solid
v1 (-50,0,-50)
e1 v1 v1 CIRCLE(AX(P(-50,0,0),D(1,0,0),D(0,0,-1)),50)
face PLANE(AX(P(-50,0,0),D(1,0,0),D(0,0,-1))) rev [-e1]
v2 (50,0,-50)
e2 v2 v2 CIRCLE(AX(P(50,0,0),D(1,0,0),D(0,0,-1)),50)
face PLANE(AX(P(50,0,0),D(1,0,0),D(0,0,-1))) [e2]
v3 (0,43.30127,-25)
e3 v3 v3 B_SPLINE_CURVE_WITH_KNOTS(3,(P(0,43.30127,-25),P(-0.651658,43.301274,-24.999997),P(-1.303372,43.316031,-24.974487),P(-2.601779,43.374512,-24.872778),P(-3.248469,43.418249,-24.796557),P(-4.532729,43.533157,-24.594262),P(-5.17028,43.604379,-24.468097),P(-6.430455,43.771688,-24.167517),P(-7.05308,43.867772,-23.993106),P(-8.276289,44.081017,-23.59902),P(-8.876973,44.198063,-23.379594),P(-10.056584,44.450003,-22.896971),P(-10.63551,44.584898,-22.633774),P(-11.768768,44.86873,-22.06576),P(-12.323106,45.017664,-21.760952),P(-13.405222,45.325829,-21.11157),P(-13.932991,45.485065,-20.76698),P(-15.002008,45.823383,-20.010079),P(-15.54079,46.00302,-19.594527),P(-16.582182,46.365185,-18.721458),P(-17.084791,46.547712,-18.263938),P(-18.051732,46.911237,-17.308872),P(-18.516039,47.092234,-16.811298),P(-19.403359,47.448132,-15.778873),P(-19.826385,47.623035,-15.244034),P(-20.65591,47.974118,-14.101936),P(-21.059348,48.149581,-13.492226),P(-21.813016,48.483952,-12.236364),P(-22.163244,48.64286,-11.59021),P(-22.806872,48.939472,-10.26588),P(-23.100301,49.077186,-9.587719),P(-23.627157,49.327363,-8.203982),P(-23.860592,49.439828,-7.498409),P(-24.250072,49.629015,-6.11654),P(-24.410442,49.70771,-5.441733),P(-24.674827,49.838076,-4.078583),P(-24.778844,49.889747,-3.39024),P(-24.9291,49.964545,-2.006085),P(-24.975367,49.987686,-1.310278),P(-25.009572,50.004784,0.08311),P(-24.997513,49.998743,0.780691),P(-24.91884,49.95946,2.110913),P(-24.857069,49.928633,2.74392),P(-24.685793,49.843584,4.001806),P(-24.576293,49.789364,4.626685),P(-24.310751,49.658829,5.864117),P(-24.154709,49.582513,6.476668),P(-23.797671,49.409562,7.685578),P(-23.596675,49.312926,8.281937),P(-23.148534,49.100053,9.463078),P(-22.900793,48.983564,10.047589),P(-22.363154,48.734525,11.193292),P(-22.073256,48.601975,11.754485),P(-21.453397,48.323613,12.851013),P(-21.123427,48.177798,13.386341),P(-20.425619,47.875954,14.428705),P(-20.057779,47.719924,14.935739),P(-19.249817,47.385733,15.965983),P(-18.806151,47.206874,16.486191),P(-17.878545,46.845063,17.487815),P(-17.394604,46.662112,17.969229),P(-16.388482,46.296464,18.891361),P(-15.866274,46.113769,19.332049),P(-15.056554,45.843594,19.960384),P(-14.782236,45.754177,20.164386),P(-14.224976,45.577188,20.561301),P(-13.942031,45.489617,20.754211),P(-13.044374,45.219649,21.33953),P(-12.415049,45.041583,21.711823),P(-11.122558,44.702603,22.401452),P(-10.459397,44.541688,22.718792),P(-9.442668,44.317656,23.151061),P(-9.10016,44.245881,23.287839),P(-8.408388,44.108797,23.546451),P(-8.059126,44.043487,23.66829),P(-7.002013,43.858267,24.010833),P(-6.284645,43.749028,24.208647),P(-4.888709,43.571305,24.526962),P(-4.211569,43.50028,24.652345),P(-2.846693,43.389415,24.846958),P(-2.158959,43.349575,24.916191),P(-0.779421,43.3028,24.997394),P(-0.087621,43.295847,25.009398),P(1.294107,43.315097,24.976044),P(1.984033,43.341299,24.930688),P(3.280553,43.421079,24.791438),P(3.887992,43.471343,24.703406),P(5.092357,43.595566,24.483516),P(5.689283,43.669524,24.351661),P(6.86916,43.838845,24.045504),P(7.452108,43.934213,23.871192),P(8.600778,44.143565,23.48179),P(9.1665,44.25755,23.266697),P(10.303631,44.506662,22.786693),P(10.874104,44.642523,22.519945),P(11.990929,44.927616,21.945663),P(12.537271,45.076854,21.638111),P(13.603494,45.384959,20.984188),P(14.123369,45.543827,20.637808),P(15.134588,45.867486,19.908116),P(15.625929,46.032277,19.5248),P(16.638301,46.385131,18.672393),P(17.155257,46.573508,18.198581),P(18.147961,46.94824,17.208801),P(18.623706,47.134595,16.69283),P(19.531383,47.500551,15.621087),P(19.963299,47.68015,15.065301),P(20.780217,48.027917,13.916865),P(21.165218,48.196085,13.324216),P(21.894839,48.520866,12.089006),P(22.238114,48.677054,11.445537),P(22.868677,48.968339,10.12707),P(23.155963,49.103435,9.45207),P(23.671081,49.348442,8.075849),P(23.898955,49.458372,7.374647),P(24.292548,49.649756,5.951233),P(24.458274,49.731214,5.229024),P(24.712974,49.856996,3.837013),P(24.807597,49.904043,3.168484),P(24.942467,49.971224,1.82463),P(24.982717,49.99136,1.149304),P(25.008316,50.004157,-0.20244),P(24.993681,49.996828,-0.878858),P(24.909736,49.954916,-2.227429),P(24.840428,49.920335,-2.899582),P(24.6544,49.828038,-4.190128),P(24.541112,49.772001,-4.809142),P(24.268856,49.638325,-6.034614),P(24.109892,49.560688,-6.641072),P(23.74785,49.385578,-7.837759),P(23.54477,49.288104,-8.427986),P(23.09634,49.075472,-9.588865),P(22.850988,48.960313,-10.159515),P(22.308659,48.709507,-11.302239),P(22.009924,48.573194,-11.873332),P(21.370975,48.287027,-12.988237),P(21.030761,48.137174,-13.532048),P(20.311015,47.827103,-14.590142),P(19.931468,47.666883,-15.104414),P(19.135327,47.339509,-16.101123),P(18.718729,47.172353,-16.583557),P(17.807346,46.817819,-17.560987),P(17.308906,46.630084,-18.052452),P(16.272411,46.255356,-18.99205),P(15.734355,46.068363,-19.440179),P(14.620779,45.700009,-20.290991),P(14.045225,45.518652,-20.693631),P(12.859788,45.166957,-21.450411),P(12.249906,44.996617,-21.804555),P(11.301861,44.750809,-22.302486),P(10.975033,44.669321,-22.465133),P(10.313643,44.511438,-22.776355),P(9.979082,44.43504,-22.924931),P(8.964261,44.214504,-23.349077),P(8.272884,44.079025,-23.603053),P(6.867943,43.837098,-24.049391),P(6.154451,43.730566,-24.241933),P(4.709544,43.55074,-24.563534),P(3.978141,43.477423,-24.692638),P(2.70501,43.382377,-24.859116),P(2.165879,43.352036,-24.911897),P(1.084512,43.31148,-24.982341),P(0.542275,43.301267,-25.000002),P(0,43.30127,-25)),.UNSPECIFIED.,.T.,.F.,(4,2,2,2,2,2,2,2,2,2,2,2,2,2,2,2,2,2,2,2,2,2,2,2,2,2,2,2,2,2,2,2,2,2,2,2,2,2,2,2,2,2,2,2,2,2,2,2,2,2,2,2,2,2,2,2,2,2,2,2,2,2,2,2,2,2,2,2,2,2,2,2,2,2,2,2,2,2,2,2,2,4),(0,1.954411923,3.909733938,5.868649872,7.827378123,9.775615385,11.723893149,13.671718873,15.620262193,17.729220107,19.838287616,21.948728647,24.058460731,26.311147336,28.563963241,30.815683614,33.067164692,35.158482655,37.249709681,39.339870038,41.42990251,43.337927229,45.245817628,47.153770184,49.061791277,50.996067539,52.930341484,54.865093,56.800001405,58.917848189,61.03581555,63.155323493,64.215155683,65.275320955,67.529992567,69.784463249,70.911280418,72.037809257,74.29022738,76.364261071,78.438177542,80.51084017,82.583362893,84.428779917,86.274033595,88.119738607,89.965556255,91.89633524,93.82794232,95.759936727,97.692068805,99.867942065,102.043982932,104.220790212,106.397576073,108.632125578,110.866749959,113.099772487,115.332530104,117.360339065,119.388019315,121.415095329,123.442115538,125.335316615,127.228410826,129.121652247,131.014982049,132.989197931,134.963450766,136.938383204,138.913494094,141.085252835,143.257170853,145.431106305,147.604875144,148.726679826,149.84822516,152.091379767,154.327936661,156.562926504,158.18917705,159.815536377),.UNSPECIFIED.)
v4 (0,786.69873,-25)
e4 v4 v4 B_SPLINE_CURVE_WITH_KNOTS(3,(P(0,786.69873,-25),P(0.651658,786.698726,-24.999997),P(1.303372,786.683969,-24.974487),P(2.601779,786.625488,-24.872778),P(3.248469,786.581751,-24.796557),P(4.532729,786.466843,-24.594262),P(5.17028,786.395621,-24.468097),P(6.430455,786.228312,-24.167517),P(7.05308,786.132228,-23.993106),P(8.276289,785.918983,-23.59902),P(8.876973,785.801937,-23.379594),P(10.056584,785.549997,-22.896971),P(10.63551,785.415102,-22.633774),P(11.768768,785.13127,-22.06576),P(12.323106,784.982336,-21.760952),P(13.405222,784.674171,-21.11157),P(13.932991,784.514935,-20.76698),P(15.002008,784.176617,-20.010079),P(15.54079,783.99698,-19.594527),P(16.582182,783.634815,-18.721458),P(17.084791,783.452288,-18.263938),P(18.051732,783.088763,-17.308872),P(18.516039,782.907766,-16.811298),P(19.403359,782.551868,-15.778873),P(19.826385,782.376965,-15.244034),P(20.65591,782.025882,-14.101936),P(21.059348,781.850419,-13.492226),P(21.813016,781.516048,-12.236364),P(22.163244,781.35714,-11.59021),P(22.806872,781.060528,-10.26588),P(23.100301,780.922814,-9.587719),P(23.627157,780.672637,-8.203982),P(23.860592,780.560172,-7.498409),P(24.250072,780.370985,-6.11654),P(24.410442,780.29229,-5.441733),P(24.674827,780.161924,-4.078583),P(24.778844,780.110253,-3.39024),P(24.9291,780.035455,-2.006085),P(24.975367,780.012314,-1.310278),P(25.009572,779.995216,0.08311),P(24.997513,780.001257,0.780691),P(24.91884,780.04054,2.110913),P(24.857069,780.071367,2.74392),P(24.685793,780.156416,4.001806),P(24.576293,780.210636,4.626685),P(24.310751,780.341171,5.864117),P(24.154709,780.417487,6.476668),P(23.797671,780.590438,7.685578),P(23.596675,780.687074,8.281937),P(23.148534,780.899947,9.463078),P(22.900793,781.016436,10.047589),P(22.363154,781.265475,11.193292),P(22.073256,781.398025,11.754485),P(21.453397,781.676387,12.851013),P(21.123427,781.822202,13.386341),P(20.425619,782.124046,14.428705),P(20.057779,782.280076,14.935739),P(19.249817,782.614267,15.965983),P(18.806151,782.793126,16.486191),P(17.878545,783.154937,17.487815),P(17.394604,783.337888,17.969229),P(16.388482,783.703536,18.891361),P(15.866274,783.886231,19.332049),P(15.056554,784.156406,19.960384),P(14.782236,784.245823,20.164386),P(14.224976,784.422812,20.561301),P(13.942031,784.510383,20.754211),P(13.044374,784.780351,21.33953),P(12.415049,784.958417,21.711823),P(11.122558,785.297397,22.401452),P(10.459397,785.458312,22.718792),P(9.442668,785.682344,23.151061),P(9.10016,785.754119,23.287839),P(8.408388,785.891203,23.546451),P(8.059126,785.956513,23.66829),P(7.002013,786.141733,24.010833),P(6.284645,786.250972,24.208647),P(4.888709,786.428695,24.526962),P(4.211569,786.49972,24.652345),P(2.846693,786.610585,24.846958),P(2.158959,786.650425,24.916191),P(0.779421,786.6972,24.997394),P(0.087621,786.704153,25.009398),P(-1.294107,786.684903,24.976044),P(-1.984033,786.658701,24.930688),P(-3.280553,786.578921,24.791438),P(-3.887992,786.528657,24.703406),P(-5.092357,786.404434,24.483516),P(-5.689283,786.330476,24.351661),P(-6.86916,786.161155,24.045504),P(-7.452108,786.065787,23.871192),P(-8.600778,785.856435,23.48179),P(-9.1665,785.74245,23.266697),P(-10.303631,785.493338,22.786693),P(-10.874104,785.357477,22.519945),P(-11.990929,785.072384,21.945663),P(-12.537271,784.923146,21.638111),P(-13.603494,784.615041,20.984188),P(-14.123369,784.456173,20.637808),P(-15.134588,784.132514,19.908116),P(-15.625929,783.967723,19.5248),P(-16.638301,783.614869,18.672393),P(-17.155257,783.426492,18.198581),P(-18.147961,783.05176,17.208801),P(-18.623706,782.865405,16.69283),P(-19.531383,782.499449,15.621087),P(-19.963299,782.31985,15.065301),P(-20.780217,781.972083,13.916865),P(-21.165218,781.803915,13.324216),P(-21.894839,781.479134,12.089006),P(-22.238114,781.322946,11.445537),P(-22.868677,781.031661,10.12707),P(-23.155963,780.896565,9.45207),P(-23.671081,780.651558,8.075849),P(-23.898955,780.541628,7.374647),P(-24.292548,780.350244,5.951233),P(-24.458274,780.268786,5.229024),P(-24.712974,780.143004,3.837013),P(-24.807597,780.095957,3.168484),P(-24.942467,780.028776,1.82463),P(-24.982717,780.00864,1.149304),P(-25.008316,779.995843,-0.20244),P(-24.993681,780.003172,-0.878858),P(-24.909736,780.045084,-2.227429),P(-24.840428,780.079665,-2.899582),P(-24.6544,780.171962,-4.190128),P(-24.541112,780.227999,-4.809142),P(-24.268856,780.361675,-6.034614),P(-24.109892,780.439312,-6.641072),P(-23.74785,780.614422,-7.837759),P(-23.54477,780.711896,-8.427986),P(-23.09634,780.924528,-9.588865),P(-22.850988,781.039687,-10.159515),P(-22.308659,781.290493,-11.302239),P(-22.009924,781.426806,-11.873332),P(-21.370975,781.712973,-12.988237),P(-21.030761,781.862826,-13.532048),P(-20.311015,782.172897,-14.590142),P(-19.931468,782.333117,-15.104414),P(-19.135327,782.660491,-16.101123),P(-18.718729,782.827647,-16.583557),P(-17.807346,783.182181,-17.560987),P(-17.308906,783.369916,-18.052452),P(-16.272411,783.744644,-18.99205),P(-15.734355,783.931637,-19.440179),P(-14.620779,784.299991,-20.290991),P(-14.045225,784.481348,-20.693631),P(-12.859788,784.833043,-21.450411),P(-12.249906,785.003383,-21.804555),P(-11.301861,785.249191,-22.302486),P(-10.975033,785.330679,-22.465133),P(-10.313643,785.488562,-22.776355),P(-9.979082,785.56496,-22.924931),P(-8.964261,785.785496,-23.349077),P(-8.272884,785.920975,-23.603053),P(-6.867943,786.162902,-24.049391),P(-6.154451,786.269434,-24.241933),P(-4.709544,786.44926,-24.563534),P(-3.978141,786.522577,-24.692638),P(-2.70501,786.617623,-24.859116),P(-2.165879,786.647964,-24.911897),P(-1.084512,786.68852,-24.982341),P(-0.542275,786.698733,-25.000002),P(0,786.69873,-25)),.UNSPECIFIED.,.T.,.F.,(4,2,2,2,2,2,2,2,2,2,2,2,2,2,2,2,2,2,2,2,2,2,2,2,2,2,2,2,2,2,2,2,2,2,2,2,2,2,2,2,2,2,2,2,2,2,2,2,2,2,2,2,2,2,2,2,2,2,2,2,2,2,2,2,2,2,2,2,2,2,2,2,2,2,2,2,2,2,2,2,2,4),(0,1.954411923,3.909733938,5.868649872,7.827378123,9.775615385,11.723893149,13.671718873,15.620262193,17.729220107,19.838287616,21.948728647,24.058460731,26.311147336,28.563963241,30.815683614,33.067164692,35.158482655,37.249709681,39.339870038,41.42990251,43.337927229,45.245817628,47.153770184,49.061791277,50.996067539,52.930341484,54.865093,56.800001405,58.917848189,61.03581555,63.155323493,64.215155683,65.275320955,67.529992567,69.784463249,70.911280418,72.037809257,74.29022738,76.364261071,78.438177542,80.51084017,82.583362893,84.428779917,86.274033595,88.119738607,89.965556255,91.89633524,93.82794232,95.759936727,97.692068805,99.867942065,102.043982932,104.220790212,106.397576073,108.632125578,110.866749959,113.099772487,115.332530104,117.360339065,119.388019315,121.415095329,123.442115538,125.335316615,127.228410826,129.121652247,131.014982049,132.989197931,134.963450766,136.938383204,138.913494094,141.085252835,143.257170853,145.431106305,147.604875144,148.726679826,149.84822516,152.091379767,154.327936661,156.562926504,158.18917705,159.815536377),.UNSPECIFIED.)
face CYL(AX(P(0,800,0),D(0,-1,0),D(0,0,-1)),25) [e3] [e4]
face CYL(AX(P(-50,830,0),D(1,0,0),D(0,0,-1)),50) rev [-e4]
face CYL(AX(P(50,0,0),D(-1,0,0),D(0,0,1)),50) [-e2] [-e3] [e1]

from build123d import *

# Parameters (mm, degrees)
CROQUIS1_R                 = 50
SALIENTE_EXTRUIR1_DEPTH    = 50
CROQUIS2_R                 = 25
SALIENTE_EXTRUIR2_DEPTH    = 800
CORTAR_EXTRUIR1_DEPTH      = 804.118920323
CORTAR_EXTRUIR1_DEPTH_BACK = 804.118920323
CROQUIS3_R                 = 50


with BuildPart() as part:
    # Croquis1 → Saliente-Extruir1 (new, symmetric)
    with BuildSketch(Plane(origin=(0, 0, 0), x_dir=(0, 0, -1), z_dir=(1, 0, 0))):
        Circle(CROQUIS1_R)
    extrude(amount=SALIENTE_EXTRUIR1_DEPTH, both=True)

    # Croquis2 → Saliente-Extruir2 (add)
    with BuildSketch(Plane(origin=(0, 0, 0), x_dir=(1, 0, 0), z_dir=(0, 1, 0))):
        with Locations(Location((0, 0, 0), (0, 0, 90))):
            Circle(CROQUIS2_R)
    extrude(amount=SALIENTE_EXTRUIR2_DEPTH)

    # Croquis3 → Cortar-Extruir1 (cut, two sides: drawn at the far end of the back side and taken through both)
    with BuildSketch(Plane(origin=(0, 0, 0), x_dir=(0, 0, -1), z_dir=(1, 0, 0)).offset(-CORTAR_EXTRUIR1_DEPTH_BACK)):
        with Locations((0, 830)):
            Circle(CROQUIS3_R)
    extrude(amount=CORTAR_EXTRUIR1_DEPTH + CORTAR_EXTRUIR1_DEPTH_BACK, mode=Mode.SUBTRACT)


solid = part.part
